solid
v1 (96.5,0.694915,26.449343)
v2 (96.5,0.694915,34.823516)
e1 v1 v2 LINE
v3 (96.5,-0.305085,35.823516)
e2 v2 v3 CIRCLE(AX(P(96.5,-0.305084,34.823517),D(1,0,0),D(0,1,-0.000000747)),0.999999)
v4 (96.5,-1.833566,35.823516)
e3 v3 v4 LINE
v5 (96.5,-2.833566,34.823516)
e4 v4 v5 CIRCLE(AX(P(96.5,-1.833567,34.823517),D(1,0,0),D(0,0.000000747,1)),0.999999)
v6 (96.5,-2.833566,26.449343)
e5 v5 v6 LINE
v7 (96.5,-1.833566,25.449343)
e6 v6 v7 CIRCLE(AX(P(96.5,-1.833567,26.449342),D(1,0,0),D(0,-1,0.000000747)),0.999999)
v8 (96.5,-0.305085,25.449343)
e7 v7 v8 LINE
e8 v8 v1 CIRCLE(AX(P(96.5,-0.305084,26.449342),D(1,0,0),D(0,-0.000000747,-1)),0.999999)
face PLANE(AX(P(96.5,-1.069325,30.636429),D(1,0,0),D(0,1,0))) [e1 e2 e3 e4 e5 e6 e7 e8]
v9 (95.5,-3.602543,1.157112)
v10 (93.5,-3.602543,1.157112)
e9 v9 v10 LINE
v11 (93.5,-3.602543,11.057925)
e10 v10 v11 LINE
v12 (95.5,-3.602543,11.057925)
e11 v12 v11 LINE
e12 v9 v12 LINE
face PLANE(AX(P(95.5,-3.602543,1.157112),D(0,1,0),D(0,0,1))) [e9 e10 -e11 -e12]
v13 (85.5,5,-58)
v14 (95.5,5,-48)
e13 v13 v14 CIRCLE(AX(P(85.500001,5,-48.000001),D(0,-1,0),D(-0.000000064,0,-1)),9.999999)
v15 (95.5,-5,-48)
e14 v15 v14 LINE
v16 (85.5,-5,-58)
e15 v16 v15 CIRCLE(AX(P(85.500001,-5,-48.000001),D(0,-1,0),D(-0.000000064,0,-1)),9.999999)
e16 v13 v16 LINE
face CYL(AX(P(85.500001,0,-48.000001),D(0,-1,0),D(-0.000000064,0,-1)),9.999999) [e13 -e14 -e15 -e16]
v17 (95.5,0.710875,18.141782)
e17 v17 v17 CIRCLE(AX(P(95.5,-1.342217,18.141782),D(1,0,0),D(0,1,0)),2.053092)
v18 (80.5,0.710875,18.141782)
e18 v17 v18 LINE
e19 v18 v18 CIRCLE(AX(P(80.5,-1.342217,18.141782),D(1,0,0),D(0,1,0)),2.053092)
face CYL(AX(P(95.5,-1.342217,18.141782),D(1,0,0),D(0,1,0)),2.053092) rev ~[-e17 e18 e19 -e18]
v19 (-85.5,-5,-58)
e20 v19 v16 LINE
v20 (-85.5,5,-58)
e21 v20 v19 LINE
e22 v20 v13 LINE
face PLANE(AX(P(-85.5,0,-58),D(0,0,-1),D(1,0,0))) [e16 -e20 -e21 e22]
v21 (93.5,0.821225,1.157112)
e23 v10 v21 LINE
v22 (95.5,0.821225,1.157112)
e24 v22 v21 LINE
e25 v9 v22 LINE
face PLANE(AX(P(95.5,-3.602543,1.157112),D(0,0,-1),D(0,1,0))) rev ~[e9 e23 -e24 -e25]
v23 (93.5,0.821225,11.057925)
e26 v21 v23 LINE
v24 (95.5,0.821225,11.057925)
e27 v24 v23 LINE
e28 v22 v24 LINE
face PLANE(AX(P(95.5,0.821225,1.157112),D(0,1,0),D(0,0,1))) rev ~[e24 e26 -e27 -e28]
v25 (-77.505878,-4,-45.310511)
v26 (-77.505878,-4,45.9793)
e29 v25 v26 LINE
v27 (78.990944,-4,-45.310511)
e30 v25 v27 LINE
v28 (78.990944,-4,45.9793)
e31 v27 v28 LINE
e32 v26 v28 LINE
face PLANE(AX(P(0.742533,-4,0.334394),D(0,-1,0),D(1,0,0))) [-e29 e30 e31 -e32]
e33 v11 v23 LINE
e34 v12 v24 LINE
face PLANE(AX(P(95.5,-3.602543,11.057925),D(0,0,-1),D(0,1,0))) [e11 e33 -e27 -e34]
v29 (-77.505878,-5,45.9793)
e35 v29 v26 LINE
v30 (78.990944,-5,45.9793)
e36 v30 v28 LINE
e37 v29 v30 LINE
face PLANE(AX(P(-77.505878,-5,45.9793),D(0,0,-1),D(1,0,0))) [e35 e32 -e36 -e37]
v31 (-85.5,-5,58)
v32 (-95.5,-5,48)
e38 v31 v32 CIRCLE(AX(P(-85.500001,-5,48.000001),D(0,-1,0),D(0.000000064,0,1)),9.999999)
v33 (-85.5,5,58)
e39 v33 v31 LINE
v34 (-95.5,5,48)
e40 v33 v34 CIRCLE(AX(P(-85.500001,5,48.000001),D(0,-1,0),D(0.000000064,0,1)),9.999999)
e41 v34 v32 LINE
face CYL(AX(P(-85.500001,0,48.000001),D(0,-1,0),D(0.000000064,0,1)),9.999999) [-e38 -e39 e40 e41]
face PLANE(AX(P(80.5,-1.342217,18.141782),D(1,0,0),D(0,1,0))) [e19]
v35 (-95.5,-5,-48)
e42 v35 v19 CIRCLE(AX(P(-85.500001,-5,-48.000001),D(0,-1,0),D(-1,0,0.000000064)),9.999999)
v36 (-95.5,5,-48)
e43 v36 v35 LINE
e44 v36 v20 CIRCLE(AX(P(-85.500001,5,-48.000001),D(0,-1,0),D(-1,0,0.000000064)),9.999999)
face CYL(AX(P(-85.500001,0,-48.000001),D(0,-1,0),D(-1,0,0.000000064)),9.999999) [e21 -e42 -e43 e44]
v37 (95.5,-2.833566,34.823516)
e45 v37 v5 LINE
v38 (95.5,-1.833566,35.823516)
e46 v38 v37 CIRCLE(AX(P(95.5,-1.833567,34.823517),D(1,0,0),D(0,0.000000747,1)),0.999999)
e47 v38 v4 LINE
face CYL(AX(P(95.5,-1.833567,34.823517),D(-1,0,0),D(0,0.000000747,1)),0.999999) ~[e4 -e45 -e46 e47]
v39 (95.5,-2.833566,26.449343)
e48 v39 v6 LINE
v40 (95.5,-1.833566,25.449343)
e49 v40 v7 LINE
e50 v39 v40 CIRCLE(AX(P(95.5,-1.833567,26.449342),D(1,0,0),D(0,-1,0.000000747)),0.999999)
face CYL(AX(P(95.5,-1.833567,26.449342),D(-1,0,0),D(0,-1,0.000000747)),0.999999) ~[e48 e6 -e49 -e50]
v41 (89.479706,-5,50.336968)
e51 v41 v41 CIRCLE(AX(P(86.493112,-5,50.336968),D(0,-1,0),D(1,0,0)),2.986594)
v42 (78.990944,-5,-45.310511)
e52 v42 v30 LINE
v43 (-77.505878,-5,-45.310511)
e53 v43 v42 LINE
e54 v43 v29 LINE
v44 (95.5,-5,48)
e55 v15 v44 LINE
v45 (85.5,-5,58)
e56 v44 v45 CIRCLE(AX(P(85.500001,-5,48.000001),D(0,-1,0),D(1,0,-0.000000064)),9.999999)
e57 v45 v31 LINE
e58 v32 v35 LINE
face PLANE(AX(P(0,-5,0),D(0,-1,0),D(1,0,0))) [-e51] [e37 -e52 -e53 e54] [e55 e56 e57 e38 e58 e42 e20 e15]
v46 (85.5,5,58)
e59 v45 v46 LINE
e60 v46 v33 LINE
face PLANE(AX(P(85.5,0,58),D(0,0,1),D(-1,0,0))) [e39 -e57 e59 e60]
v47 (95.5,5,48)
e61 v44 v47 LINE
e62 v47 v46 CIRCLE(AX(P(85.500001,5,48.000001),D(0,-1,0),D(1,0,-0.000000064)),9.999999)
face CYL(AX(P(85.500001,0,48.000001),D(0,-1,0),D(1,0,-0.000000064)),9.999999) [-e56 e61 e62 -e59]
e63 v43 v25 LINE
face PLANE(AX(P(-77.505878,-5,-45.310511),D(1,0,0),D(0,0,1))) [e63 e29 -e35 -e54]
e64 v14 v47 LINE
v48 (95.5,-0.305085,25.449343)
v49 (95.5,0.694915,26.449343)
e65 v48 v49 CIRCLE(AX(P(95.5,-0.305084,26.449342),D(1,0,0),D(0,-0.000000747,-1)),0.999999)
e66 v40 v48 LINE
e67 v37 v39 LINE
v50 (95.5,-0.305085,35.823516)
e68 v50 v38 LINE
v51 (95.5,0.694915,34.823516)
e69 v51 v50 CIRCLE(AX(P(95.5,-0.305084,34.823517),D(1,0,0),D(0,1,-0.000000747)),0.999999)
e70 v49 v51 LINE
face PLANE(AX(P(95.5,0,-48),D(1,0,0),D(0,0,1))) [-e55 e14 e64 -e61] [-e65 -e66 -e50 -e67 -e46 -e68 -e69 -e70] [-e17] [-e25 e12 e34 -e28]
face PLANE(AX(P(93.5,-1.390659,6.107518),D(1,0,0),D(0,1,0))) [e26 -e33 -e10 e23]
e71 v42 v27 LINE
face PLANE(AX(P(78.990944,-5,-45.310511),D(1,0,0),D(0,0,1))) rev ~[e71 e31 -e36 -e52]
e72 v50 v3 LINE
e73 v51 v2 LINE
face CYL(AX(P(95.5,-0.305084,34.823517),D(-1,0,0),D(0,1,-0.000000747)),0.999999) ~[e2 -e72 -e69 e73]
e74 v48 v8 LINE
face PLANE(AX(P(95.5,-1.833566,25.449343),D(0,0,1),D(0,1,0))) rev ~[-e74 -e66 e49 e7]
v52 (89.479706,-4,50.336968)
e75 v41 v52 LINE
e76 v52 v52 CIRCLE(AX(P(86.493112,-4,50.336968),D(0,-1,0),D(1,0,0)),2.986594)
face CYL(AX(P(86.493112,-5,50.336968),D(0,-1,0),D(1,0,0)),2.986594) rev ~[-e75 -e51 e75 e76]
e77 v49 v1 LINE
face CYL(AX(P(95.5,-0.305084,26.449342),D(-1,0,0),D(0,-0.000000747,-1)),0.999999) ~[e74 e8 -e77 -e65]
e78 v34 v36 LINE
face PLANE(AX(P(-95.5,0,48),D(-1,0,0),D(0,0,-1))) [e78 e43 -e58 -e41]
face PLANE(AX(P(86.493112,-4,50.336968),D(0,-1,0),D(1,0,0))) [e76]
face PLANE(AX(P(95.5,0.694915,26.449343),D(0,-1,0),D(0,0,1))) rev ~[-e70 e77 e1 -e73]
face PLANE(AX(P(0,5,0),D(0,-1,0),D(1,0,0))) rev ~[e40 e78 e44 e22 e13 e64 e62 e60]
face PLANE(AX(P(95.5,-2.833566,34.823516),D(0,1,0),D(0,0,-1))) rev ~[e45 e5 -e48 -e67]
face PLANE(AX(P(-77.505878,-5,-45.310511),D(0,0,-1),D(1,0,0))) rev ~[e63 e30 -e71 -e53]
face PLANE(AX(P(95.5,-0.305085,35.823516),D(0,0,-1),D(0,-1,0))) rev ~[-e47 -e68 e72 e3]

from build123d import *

# Parameters (mm, degrees)
F1_DEPTH  = 5
F2_W      = 156.496823
F2_H      = 91.289811
F2_R      = 2.986594
F3_DEPTH  = 1
F4_DEPTH  = 1
F6_DEPTH  = 1
F7_R      = 2.053092
F8_DEPTH  = 15
F9_W      = 4.116406
F9_H      = 9.901583
F10_DEPTH = 2
F11_W     = 4.423767
F11_H     = 9.900813
F12_DEPTH = 2


with BuildPart() as f1:
    # F0 (on Front) → F1 (new body, symmetric)
    with BuildSketch(Plane.XZ):
        with BuildLine():
            Line((85.5, 58), (-85.5, 58))
            ThreePointArc((-85.5, 58), (-92.571068, 55.071068), (-95.5, 48))
            Line((-95.5, 48), (-95.5, -48))
            ThreePointArc((-95.5, -48), (-92.571068, -55.071068), (-85.5, -58))
            Line((-85.5, -58), (85.5, -58))
            ThreePointArc((85.5, -58), (92.571068, -55.071068), (95.5, -48))
            Line((95.5, -48), (95.5, 48))
            ThreePointArc((95.5, 48), (92.571068, 55.071068), (85.5, 58))
        make_face()
    extrude(amount=F1_DEPTH, both=True)

    # F2 (on face) → F3 (cut)
    with BuildSketch(Plane.XZ.offset(5)):
        with Locations((0.742533, 0.334394)):
            Rectangle(F2_W, F2_H)
        with Locations((86.493112, 50.336968)):
            Circle(F2_R)
    extrude(amount=-F3_DEPTH, mode=Mode.SUBTRACT)

    # F2 (on face) → F4 (cut)
    with BuildSketch(Plane.XZ.offset(5)):
        with Locations((0.742533, 0.334394)):
            Rectangle(F2_W, F2_H)
        with Locations((86.493112, 50.336968)):
            Circle(F2_R)
    extrude(amount=-F4_DEPTH, mode=Mode.SUBTRACT)

    # F5 (on face) → F6 (join)
    with BuildSketch(Plane.YZ.offset(95.5)):
        with BuildLine():
            Line((-0.305085, 35.823516), (-1.833566, 35.823516))
            ThreePointArc((-1.833566, 35.823516), (-2.540673, 35.530623), (-2.833566, 34.823516))
            Line((-2.833566, 34.823516), (-2.833566, 26.449343))
            ThreePointArc((-2.833566, 26.449343), (-2.540673, 25.742236), (-1.833566, 25.449343))
            Line((-1.833566, 25.449343), (-0.305085, 25.449343))
            ThreePointArc((-0.305085, 25.449343), (0.402022, 25.742236), (0.694915, 26.449343))
            Line((0.694915, 26.449343), (0.694915, 34.823516))
            ThreePointArc((0.694915, 34.823516), (0.402022, 35.530623), (-0.305085, 35.823516))
        make_face()
    extrude(amount=F6_DEPTH)

    # F7 (on face) → F8 (cut)
    with BuildSketch(Plane.YZ.offset(95.5)):
        with Locations((-1.342217, 18.141782)):
            Circle(F7_R)
    extrude(amount=-F8_DEPTH, mode=Mode.SUBTRACT)

    # F9 (on face) → F10 (cut)
    with BuildSketch(Plane.YZ.offset(95.5)):
        with Locations((-1.26129, 6.061323)):
            Rectangle(F9_W, F9_H)
    extrude(amount=F10_DEPTH, mode=Mode.SUBTRACT)

    # F11 (on face) → F12 (cut)
    with BuildSketch(Plane.YZ.offset(95.5)):
        with Locations((-1.390659, 6.107518)):
            Rectangle(F11_W, F11_H)
    extrude(amount=-F12_DEPTH, mode=Mode.SUBTRACT)


solid = f1.part
